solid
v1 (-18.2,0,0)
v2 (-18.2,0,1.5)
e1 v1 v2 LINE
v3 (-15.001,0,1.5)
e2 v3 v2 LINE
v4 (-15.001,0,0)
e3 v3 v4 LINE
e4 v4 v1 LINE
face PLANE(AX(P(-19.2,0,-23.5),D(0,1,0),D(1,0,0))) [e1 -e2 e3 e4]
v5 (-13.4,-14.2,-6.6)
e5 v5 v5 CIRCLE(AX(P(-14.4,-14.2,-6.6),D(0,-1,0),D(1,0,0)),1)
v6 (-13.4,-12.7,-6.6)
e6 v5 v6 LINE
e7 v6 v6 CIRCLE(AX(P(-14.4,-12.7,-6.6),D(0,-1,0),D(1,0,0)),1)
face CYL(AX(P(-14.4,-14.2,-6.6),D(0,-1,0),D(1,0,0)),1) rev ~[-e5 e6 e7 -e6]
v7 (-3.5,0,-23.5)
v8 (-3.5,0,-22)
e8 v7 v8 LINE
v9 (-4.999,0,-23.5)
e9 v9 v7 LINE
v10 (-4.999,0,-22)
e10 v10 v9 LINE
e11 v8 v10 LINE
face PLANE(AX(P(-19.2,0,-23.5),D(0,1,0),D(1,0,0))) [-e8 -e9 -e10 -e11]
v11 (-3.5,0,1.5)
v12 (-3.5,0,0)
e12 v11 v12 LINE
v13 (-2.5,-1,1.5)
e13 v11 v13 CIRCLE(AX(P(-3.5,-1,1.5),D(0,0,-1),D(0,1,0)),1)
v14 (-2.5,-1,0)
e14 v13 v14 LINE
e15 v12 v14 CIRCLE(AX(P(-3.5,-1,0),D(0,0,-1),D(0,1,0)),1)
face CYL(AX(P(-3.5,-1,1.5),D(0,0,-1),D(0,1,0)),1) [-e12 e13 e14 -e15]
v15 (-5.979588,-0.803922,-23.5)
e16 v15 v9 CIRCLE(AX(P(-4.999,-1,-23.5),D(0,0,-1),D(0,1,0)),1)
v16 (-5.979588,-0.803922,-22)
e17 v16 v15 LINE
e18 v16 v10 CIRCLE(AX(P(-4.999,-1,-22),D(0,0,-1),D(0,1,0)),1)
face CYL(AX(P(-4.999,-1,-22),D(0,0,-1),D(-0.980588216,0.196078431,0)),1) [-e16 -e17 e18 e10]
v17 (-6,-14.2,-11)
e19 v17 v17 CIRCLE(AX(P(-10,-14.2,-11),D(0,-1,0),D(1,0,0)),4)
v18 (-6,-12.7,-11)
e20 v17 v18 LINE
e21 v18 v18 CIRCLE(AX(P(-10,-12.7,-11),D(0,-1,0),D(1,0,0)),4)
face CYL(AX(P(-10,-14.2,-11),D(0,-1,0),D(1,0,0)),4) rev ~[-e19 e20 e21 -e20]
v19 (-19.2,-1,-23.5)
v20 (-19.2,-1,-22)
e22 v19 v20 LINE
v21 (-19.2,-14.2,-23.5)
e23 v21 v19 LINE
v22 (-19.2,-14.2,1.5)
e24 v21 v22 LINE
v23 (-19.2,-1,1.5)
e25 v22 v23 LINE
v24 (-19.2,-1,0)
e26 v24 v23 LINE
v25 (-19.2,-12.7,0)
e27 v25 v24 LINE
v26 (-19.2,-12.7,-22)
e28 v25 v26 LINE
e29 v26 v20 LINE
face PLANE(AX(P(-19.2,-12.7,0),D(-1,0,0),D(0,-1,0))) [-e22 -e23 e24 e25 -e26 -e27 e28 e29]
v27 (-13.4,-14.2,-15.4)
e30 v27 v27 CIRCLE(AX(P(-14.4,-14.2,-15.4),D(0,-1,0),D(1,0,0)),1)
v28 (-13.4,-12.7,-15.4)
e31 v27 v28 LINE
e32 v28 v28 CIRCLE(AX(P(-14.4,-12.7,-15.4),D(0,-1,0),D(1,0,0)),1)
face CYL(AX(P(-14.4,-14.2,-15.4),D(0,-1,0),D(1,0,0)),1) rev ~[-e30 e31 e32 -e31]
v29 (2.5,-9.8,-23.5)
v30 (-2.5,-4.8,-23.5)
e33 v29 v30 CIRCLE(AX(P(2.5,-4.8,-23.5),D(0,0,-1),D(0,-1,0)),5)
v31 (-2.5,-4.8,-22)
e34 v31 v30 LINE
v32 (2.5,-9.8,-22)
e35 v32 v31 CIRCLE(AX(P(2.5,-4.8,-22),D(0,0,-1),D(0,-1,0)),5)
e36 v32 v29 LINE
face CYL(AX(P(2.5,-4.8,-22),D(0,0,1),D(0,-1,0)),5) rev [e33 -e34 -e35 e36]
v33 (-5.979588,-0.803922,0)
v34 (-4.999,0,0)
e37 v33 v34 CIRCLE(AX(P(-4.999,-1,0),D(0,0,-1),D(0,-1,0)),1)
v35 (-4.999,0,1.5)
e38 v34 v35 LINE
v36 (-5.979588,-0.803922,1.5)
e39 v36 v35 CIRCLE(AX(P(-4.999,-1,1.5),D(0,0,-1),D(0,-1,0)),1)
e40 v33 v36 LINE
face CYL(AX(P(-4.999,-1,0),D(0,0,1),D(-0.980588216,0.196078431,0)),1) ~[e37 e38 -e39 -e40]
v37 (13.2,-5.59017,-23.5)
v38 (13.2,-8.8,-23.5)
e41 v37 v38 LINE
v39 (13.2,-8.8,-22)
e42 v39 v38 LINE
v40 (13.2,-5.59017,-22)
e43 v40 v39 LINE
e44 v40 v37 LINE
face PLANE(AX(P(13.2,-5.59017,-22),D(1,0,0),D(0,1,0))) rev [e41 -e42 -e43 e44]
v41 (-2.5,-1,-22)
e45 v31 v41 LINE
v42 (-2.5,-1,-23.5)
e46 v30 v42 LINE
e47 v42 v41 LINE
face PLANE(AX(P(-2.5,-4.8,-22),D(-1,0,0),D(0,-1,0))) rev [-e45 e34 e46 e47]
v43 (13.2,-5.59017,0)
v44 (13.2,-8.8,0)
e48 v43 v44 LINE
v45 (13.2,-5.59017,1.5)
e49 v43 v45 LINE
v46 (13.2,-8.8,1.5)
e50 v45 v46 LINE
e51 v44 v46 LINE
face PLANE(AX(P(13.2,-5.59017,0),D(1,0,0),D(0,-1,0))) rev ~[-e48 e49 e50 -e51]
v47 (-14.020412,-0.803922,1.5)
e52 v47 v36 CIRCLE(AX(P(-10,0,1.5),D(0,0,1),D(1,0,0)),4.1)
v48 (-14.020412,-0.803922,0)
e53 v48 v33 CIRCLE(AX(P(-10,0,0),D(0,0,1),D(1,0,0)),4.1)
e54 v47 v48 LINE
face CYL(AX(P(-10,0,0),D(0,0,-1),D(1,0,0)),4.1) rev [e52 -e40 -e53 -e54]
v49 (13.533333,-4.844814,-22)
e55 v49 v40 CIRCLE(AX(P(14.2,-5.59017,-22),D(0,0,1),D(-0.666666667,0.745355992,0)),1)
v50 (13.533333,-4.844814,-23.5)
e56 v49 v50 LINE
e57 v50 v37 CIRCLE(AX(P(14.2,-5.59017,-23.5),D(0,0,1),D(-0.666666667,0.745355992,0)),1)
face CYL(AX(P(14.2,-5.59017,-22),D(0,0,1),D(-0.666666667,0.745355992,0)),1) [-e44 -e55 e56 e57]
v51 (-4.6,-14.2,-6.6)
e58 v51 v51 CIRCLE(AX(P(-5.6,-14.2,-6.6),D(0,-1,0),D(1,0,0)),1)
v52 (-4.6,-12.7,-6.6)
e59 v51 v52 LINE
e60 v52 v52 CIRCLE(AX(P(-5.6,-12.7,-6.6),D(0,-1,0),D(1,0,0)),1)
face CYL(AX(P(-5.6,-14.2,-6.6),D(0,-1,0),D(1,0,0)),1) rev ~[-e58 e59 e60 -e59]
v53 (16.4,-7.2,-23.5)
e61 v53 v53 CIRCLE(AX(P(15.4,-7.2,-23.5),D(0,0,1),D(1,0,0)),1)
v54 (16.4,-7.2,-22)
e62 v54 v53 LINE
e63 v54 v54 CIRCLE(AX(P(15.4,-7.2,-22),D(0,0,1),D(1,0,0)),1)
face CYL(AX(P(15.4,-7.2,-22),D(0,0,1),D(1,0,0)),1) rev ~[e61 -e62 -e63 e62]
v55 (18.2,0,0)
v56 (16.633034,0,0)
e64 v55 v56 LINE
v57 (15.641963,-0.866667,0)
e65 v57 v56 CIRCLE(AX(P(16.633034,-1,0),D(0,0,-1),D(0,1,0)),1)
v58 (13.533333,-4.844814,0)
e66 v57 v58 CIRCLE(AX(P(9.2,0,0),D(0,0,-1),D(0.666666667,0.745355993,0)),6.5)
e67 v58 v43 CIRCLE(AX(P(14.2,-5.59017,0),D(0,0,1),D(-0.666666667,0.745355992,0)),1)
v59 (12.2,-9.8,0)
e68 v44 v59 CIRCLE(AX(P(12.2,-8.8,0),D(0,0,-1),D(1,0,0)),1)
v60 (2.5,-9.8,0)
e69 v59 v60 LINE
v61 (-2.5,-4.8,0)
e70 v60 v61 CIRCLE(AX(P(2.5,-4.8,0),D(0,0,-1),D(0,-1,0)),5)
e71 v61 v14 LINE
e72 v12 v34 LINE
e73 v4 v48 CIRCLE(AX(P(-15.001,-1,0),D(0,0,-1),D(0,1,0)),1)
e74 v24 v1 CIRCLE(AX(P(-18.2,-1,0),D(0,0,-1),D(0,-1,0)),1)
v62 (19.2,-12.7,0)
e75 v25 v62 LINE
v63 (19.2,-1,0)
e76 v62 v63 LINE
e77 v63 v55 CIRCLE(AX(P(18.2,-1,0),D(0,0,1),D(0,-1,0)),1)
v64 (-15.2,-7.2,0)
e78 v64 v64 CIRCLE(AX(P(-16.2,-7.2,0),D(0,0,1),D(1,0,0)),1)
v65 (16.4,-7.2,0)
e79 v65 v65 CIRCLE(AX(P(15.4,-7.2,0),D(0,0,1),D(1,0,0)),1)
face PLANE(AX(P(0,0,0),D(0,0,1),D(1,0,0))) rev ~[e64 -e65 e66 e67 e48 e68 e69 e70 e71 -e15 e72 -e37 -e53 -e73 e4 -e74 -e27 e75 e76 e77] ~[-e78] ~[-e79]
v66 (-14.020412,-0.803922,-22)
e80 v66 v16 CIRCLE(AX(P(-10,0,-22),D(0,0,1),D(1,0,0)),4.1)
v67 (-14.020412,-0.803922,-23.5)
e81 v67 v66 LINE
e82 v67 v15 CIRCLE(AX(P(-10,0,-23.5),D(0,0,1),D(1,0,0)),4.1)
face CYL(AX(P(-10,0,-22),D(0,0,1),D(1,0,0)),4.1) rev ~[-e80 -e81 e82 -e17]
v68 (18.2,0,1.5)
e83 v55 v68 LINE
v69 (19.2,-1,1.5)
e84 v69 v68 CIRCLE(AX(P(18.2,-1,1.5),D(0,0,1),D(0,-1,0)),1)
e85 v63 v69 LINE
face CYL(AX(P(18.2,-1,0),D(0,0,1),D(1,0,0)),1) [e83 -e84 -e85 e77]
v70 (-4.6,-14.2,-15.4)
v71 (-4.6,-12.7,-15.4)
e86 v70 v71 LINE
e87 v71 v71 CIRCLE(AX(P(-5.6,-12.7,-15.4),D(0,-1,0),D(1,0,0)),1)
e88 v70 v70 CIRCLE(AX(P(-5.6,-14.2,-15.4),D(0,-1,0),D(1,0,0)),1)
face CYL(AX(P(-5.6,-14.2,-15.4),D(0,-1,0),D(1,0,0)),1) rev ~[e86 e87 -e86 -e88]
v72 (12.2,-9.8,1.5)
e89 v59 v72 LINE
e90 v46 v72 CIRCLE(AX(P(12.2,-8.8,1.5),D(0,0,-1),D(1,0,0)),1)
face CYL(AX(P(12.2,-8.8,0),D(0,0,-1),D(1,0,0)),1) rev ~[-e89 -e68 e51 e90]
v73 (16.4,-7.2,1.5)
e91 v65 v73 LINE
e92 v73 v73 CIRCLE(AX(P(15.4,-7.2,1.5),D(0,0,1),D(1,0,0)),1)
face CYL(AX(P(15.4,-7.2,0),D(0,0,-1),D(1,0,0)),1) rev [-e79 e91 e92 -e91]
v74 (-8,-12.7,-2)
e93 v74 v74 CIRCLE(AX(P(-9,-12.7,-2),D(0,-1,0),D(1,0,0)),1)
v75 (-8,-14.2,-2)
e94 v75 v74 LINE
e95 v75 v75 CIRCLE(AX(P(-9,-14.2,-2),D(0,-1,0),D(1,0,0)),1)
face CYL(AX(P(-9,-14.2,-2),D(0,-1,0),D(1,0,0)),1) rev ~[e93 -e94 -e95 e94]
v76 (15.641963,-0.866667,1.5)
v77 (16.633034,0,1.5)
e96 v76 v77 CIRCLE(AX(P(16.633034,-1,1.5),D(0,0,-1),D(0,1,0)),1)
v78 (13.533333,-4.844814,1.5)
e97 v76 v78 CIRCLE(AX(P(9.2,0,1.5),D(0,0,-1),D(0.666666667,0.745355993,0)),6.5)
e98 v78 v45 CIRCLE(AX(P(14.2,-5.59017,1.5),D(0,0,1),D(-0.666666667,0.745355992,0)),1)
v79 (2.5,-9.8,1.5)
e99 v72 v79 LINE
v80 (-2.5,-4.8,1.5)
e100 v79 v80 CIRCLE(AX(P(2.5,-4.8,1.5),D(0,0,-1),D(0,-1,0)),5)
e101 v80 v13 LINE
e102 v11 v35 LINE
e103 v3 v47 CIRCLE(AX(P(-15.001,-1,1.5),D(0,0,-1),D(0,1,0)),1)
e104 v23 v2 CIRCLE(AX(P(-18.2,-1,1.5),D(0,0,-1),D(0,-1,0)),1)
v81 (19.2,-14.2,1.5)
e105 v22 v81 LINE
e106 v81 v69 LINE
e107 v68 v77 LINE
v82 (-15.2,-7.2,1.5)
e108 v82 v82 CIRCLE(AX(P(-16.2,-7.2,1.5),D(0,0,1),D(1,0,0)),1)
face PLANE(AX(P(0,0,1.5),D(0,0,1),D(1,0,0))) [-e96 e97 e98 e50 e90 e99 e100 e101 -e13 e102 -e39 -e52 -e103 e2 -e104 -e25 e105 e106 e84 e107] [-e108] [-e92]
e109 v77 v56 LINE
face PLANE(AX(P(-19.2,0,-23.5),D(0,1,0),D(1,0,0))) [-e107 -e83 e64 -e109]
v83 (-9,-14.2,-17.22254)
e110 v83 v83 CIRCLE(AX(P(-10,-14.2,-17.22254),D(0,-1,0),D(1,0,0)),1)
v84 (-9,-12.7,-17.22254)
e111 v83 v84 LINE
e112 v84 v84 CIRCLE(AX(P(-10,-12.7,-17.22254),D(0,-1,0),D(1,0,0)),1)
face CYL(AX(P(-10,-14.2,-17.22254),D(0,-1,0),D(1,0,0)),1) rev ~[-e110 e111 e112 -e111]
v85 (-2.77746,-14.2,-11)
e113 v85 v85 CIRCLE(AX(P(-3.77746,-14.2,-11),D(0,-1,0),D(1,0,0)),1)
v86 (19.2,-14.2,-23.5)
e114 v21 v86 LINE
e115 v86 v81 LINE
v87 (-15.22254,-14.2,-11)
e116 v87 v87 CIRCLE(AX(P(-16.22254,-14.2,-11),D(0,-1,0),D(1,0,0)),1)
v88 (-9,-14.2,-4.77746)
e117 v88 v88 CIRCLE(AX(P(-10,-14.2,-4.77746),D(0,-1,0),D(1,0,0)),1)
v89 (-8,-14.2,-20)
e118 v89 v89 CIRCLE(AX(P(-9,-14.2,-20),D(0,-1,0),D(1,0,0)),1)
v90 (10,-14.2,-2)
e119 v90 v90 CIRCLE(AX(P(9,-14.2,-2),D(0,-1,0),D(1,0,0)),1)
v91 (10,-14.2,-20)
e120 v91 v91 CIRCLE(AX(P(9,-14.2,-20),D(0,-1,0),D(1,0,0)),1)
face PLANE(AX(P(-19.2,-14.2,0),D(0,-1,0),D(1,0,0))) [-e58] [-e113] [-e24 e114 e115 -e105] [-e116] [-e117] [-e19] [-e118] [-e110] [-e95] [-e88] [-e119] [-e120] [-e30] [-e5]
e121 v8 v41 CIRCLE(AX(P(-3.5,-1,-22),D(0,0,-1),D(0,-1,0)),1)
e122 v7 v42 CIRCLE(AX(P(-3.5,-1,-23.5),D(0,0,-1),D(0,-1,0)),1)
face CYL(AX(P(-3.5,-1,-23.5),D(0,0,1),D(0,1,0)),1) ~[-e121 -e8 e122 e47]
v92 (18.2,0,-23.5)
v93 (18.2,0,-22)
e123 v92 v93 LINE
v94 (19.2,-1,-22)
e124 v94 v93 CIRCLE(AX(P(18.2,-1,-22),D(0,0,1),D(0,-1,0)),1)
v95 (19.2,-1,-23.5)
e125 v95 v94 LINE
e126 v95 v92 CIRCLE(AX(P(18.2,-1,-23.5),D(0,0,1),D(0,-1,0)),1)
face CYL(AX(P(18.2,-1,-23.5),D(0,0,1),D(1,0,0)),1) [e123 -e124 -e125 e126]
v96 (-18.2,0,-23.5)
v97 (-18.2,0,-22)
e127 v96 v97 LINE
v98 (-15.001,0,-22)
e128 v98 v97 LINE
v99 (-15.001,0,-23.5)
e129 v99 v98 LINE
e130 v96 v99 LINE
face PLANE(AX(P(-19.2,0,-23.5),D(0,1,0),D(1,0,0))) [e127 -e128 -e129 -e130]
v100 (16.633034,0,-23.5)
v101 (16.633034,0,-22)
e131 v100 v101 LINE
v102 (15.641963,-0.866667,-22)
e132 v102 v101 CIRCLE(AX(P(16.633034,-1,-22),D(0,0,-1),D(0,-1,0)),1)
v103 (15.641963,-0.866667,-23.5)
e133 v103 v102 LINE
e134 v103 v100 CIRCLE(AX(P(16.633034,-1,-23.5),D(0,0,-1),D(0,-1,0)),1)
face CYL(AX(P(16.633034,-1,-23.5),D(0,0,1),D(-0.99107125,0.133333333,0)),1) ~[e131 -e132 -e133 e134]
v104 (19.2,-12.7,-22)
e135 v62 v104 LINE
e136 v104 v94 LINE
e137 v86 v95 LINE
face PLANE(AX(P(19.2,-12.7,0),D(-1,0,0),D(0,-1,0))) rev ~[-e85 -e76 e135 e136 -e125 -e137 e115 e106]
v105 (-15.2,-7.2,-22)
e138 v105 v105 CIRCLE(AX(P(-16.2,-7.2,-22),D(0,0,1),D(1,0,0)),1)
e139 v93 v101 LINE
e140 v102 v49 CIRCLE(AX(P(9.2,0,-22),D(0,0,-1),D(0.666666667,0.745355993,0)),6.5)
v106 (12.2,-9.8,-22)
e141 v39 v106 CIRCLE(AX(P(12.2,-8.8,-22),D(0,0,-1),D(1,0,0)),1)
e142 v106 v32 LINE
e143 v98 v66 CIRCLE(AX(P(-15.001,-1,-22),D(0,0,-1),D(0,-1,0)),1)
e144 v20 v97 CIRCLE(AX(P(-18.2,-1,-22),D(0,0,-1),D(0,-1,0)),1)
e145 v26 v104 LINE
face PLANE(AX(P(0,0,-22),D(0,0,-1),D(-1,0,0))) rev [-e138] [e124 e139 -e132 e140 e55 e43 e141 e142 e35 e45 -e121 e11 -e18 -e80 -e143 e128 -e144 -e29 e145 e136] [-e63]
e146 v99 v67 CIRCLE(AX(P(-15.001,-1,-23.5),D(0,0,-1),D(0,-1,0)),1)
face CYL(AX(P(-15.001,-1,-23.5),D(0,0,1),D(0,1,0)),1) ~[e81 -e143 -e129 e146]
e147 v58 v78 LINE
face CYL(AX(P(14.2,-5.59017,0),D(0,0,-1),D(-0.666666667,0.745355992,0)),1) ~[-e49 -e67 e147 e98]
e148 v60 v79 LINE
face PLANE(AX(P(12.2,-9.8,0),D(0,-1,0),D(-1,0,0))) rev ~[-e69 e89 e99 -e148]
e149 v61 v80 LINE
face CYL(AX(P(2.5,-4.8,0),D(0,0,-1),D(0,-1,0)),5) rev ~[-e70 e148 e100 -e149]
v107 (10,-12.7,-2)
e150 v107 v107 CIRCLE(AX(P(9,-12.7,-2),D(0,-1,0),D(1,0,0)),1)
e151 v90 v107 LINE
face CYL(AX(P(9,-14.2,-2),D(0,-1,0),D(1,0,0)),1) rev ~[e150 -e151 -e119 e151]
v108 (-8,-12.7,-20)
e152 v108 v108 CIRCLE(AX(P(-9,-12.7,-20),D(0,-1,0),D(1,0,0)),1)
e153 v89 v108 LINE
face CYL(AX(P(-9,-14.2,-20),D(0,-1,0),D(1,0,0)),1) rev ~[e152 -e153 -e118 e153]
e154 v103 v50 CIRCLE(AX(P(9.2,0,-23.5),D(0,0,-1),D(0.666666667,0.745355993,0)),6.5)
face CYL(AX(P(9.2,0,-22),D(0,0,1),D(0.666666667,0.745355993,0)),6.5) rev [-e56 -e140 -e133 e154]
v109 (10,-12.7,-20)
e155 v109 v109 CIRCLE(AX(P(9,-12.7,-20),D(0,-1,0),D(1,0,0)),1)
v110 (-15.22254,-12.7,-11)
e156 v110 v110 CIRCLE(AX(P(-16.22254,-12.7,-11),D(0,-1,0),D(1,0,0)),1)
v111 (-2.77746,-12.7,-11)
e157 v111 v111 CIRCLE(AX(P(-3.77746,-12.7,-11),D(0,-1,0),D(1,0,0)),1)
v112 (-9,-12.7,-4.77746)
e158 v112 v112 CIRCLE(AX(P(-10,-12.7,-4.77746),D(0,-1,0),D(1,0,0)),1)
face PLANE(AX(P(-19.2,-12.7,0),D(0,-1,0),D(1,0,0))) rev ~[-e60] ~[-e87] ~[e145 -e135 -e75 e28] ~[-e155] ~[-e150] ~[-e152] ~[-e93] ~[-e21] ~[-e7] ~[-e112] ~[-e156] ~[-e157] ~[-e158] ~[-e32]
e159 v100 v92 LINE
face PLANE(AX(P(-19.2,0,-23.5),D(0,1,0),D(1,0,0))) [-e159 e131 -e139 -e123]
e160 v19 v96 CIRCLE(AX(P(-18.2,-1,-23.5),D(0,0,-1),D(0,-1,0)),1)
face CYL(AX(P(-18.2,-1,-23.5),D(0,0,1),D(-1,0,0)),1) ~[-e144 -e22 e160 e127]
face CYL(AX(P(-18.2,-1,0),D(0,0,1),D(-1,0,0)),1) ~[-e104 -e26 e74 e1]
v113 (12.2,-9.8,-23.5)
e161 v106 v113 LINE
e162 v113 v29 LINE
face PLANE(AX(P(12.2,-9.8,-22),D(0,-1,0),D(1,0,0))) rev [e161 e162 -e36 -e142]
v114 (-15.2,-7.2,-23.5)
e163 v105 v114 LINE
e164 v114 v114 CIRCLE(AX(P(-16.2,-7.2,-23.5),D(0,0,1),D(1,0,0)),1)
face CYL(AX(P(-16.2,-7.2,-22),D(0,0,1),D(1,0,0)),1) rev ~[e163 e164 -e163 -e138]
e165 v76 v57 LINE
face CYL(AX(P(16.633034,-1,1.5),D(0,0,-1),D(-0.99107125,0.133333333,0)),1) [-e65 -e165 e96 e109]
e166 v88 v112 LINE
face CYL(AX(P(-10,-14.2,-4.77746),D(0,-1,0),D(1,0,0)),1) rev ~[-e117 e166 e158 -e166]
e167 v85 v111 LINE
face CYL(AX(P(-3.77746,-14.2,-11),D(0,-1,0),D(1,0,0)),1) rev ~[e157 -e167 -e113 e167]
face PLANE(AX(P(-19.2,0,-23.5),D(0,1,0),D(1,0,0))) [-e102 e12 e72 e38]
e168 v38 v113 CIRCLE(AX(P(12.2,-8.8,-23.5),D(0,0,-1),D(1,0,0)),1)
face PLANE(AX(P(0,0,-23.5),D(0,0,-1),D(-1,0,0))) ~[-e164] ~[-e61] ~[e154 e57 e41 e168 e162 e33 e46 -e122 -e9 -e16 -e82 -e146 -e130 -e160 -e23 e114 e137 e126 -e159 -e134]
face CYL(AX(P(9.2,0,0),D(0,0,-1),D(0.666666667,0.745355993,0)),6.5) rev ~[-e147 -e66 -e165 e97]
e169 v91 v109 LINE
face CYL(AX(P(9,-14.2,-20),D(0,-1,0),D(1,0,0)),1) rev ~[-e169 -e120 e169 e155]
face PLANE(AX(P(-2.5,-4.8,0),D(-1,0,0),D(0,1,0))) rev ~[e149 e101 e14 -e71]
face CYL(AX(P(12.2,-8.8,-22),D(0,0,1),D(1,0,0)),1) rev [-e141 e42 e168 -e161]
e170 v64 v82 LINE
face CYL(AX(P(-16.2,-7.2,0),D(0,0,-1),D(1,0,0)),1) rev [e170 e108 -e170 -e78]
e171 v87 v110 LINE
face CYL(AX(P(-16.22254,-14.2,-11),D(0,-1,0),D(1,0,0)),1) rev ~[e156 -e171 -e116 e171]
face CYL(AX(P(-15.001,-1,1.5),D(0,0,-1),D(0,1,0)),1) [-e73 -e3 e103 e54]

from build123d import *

# Parameters (mm, degrees)
F0_W     = 38.4
F0_H     = 28.4
F0_R     = 1
F0_R_2   = 4.1
F1_DEPTH = 1.5
F2_W     = 38.4
F2_H     = 1.5
F3_DEPTH = 22
F6_W     = 38.4
F6_H     = 14.2
F7_DEPTH = 25.001
F8_R     = 1
F8_R_2   = 4
F9_DEPTH = 1.5
F10_R    = 1


with BuildPart() as f1:
    # F0 (on Top) → F1 (new body)
    with BuildSketch(Plane.XY):
        Rectangle(F0_W, F0_H)
        with Locations((-16.2, -7.2)):
            Circle(F0_R, mode=Mode.SUBTRACT)
        with Locations((15.4, -7.2)):
            Circle(F0_R, mode=Mode.SUBTRACT)
        with Locations((-10, 0)):
            Circle(F0_R_2, mode=Mode.SUBTRACT)
        with Locations((-16.2, 7.2)):
            Circle(F0_R, mode=Mode.SUBTRACT)
        with BuildLine():
            ThreePointArc((-2.5, 4.8), (-1.0355339059, 8.3355339059), (2.5, 9.8))
            Line((2.5, 9.8), (12.2, 9.8))
            ThreePointArc((12.2, 9.8), (12.9071067812, 9.5071067812), (13.2, 8.8))
            Line((13.2, 8.8), (13.2, 5.5901699437))
            ThreePointArc((13.2, 5.5901699437), (13.2871290708, 5.1819216533), (13.5333333333, 4.8448139512))
            ThreePointArc((13.5333333333, 4.8448139512), (15.7, 0), (13.5333333333, -4.8448139512))
            ThreePointArc((13.5333333333, -4.8448139512), (13.2871290708, -5.1819216533), (13.2, -5.5901699437))
            Line((13.2, -5.5901699437), (13.2, -8.8))
            ThreePointArc((13.2, -8.8), (12.9071067812, -9.5071067812), (12.2, -9.8))
            Line((12.2, -9.8), (2.5, -9.8))
            ThreePointArc((2.5, -9.8), (-1.0355339059, -8.3355339059), (-2.5, -4.8))
            Line((-2.5, -4.8), (-2.5, 4.8))
        make_face(mode=Mode.SUBTRACT)
        with Locations((15.4, 7.2)):
            Circle(F0_R, mode=Mode.SUBTRACT)
    extrude(amount=F1_DEPTH)

    # F2 (on face) → F3 (join)
    with BuildSketch(Plane(origin=(0, 0, 0), x_dir=(1, 0, 0), z_dir=(0, 0, -1))):
        with Locations((0, 13.45)):
            Rectangle(F2_W, F2_H)
    extrude(amount=F3_DEPTH)

    # F5: F1 across plane


with BuildPart() as f1_1:
    add(f1.part)
    add(f1.part.mirror(Plane.XY.offset(-11)))

    # F6 (on face) → F7 (cut, through all)
    with BuildSketch(Plane(origin=(0, 0, -23.5), x_dir=(1, 0, 0), z_dir=(0, 0, -1))):
        with Locations((0, -7.1)):
            Rectangle(F6_W, F6_H)
    extrude(amount=-F7_DEPTH, mode=Mode.SUBTRACT)

    # F8 (on face) → F9 (cut, through all)
    with BuildSketch(Plane.XZ.offset(14.2)):
        with Locations((9, -2)):
            Circle(F8_R)
        with Locations((-9, -2)):
            Circle(F8_R)
        with Locations((-9, -20)):
            Circle(F8_R)
        with Locations((9, -20)):
            Circle(F8_R)
        with Locations((-10, -11)):
            Circle(F8_R_2)
        with Locations((-5.6, -6.6)):
            Circle(F8_R)
        with Locations((-10, -4.7774603256)):
            Circle(F8_R)
        with Locations((-14.4, -6.6)):
            Circle(F8_R)
        with Locations((-16.2225396744, -11)):
            Circle(F8_R)
        with Locations((-14.4, -15.4)):
            Circle(F8_R)
        with Locations((-10, -17.2225396744)):
            Circle(F8_R)
        with Locations((-5.6, -15.4)):
            Circle(F8_R)
        with Locations((-3.7774603256, -11)):
            Circle(F8_R)
    extrude(amount=-F9_DEPTH, mode=Mode.SUBTRACT)

    # F10
    f10_edges = [f1_1.edges().sort_by_distance(p)[0] for p in [
        (-19.2, 0, -22.75),
        (-19.2, 0, 0.75),
        (-5.9, 0, 0.75),
        (-14.1, 0, 0.75),
        (-5.9, 0, -22.75),
        (-14.1, 0, -22.75),
        (-2.5, 0, -22.75),
        (15.7, 0, -22.75),
        (15.7, 0, 0.75),
        (19.2, 0, -22.75),
        (19.2, 0, 0.75),
        (-2.5, 0, 0.75),
    ]]
    fillet(f10_edges, radius=F10_R)


solid = f1_1.part
